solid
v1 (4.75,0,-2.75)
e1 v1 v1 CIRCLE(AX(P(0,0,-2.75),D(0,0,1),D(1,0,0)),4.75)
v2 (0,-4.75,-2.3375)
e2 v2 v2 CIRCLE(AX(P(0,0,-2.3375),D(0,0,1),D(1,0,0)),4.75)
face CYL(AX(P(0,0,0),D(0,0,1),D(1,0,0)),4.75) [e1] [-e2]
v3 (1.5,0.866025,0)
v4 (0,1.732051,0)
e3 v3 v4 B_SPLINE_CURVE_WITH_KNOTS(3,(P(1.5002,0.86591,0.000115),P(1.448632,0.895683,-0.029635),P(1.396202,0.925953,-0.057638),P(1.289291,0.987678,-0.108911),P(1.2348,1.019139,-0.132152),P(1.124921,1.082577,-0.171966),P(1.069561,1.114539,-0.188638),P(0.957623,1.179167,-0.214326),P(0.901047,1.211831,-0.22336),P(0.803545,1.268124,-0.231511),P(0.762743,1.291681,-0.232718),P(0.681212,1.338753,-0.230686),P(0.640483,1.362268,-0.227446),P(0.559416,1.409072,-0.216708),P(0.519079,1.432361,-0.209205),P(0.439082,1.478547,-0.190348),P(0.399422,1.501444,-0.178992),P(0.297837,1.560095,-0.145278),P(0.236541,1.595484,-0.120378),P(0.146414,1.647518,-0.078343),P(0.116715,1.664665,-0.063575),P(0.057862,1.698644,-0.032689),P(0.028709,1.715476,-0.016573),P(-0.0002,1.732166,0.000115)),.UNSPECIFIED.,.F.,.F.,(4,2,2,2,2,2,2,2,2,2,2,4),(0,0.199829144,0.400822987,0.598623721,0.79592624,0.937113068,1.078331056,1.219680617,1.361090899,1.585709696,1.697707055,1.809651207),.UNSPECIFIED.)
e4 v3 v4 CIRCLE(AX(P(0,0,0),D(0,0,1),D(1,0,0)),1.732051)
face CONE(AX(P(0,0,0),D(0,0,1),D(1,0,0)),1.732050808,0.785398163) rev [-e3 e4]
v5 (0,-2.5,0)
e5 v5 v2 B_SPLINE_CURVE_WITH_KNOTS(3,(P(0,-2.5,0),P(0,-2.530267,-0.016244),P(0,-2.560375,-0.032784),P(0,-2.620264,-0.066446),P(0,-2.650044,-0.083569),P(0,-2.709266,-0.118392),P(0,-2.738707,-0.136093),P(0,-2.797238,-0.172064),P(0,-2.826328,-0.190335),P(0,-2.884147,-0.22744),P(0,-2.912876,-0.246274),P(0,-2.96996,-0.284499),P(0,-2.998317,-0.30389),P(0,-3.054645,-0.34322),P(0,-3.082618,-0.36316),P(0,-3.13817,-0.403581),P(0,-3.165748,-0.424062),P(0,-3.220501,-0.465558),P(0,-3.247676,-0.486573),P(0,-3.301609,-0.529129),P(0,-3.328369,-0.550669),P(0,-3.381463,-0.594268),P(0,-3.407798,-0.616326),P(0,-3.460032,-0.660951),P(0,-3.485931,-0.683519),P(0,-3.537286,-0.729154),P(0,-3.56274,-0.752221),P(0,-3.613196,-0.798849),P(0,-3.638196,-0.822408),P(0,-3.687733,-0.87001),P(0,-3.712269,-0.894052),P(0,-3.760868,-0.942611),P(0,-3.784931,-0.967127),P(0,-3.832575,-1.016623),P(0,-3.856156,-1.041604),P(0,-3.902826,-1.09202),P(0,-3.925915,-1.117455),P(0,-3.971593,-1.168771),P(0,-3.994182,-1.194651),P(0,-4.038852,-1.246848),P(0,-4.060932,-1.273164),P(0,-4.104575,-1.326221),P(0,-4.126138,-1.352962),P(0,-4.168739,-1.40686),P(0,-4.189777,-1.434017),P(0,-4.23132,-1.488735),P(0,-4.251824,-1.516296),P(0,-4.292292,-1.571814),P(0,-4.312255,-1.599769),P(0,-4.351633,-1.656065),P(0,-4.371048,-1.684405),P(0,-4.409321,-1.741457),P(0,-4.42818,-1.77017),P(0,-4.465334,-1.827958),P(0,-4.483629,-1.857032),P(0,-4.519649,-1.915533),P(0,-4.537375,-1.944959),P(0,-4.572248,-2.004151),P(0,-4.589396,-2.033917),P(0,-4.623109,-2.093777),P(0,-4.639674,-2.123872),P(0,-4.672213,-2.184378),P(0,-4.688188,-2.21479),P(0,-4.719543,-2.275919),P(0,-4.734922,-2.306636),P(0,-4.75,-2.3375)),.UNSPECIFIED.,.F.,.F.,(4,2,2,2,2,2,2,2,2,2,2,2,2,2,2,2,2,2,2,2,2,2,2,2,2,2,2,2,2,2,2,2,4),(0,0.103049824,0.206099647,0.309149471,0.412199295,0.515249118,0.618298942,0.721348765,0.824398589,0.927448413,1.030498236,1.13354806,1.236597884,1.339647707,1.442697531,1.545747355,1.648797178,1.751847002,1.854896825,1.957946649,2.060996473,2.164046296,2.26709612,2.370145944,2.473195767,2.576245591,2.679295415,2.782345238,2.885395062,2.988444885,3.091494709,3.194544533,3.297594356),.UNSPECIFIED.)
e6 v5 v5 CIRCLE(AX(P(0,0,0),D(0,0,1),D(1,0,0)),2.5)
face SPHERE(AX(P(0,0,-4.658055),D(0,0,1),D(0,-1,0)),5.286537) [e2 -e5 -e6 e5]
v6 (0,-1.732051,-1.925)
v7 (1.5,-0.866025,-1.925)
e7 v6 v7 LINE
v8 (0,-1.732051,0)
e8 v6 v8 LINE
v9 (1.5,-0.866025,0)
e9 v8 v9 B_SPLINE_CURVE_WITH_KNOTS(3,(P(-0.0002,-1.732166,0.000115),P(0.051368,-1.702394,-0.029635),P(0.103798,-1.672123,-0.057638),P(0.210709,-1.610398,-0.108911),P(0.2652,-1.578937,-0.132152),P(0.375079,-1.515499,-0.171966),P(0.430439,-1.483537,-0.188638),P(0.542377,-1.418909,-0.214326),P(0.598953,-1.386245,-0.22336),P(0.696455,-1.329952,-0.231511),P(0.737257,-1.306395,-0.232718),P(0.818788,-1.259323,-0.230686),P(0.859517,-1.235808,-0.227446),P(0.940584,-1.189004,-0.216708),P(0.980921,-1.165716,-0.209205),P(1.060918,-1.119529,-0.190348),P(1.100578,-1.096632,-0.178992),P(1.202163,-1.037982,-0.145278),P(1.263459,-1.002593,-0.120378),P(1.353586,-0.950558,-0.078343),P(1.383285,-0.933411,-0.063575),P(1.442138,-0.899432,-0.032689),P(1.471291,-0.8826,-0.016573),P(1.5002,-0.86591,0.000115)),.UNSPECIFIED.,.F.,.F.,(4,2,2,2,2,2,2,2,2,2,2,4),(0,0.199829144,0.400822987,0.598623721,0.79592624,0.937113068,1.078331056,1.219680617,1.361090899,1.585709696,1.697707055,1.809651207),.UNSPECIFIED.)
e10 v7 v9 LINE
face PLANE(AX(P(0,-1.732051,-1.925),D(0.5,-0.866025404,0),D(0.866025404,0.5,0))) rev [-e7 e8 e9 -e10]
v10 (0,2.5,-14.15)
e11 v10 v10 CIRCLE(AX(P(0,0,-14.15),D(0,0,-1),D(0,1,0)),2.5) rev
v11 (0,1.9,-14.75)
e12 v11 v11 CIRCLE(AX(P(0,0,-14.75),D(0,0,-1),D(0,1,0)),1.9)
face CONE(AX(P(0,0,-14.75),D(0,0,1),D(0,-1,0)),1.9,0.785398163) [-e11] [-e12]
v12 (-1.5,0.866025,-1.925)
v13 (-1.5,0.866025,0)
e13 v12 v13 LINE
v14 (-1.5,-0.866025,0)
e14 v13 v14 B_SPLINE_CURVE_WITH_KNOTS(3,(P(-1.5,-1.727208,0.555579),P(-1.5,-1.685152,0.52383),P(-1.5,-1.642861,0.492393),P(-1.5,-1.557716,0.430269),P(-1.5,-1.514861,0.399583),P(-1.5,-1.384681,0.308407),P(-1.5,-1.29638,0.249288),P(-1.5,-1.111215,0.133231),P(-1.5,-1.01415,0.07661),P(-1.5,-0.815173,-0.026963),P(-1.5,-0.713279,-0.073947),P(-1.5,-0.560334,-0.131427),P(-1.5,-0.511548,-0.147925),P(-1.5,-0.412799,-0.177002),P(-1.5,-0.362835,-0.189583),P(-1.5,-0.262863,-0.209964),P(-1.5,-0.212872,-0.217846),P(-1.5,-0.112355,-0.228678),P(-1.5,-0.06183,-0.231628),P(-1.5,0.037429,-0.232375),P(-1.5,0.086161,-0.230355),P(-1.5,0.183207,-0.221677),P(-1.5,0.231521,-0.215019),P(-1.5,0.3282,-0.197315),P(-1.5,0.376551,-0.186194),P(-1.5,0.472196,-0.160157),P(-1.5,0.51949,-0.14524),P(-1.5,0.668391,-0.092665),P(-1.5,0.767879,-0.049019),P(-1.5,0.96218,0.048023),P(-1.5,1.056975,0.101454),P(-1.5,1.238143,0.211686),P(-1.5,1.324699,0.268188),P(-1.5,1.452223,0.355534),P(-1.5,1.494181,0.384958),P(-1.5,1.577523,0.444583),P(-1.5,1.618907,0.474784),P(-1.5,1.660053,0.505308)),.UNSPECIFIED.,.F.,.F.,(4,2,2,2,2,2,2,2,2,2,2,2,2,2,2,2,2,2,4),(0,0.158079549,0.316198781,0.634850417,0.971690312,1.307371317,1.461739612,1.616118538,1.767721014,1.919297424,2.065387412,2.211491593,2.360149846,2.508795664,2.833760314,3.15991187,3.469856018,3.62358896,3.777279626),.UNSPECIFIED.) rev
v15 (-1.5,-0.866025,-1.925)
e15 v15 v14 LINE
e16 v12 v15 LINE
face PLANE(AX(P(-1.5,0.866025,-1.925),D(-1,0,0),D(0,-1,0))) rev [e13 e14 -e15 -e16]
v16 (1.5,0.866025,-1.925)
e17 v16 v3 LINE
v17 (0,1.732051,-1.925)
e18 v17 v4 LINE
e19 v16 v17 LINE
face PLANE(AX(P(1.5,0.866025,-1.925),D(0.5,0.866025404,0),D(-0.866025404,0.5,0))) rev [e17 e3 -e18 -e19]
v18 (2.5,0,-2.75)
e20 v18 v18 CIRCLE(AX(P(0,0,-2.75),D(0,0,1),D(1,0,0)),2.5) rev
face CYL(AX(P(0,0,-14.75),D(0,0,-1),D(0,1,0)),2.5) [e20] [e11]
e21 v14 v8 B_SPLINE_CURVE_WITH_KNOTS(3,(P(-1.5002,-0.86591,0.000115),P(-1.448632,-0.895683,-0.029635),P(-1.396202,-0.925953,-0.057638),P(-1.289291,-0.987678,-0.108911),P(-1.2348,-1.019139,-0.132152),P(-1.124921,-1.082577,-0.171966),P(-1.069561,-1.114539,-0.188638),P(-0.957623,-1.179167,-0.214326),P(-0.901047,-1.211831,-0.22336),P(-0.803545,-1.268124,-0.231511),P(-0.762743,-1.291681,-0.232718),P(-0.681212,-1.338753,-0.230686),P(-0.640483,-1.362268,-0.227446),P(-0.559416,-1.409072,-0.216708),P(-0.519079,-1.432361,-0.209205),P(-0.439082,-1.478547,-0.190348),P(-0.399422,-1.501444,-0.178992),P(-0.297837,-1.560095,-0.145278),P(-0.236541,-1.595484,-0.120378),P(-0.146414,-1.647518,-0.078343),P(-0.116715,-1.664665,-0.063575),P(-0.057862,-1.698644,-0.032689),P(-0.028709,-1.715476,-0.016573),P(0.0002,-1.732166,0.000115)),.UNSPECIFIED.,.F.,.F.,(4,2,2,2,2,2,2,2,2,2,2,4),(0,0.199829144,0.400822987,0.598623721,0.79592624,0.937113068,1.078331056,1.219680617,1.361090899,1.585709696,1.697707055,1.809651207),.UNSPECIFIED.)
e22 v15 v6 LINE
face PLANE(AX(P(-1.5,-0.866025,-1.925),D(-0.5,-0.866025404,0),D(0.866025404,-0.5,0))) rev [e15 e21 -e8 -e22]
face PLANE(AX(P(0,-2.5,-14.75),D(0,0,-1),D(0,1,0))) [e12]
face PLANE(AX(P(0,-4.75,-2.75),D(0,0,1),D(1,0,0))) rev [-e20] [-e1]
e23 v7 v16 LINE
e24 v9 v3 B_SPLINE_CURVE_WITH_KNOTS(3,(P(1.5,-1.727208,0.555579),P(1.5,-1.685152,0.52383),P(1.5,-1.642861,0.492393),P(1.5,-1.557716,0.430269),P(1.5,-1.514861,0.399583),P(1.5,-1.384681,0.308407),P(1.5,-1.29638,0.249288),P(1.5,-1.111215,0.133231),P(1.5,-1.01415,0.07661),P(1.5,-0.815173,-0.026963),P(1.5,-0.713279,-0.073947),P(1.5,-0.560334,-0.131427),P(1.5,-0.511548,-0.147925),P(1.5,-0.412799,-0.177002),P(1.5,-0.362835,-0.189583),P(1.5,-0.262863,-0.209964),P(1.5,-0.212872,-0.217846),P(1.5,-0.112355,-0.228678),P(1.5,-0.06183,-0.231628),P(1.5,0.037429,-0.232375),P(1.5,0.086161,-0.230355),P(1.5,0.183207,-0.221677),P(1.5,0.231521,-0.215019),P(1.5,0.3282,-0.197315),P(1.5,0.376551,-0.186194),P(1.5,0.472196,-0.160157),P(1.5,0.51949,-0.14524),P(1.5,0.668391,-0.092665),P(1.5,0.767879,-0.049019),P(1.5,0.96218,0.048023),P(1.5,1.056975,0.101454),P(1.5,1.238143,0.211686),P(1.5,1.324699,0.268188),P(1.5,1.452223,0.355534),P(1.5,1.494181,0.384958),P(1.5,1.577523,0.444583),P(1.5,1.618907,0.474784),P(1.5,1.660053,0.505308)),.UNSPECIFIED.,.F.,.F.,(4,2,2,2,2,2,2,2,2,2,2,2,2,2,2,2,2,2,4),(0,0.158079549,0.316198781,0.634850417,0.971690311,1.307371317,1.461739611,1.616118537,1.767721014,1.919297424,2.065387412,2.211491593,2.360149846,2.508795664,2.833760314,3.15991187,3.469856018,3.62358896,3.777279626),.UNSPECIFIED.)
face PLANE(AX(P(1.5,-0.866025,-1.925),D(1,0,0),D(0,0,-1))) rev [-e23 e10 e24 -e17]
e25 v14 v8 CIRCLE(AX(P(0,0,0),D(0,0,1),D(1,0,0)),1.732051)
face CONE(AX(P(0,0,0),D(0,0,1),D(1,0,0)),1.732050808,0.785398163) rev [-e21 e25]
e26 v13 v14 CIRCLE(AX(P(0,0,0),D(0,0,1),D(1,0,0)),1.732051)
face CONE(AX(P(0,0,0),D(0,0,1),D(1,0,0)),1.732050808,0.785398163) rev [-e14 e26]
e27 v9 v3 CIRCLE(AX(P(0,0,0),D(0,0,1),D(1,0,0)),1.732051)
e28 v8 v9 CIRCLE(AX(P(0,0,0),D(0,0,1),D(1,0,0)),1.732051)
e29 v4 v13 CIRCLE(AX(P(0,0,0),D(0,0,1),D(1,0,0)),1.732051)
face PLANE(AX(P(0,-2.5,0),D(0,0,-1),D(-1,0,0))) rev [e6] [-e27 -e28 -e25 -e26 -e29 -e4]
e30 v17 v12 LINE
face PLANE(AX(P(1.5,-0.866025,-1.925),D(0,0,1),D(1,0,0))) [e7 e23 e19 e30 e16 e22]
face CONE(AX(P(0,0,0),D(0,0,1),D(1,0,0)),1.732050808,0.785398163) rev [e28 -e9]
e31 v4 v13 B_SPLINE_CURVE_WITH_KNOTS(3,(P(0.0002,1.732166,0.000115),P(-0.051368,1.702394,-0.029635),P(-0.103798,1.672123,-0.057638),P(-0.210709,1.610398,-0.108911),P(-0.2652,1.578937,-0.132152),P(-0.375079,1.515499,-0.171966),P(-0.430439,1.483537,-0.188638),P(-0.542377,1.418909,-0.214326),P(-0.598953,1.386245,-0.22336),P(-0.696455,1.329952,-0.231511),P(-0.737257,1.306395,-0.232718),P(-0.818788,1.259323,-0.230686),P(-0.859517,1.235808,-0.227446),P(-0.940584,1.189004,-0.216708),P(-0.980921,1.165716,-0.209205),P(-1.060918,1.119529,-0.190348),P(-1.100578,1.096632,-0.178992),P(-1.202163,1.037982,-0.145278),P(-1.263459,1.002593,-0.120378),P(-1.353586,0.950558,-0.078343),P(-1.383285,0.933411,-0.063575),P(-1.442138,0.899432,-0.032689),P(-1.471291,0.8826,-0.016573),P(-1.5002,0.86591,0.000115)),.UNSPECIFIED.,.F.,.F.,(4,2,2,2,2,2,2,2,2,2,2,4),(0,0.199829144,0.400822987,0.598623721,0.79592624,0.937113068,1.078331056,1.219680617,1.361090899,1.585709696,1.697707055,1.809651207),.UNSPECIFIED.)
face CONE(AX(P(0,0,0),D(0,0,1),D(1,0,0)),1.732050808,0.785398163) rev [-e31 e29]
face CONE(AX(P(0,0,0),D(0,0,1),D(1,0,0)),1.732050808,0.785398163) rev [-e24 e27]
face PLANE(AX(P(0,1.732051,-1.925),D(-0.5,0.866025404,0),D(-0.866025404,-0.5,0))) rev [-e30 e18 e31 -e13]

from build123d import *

# Parameters (mm, degrees)
SKETCH1_W          = 12
SKETCH1_H          = 2.5
CHAMFER1_SIZE      = 0.6
CUT_EXTRUDE2_DEPTH = 1.925


with BuildPart() as part:
    # Sketch1 → Revolve1 (revolve)
    with BuildSketch(Plane(origin=(0, 0, 0), x_dir=(0, 0, -1), z_dir=(1, 0, 0))):
        with Locations((8.75, 1.25)):
            Rectangle(SKETCH1_W, SKETCH1_H)
    revolve(axis=Axis((0, 0, -14.75), (0, 0, 1)))

    # Chamfer1
    chamfer1_edges = [part.edges().sort_by_distance(p)[0] for p in [
        (0, -2.5, -14.75),
    ]]
    chamfer(chamfer1_edges, length=CHAMFER1_SIZE)

    # Sketch7 → Revolve2 (revolve)
    with BuildSketch(Plane(origin=(0, 0, 0), x_dir=(0, 0, -1), z_dir=(1, 0, 0))):
        with BuildLine():
            Line((2.3375, 4.75), (2.75, 4.75))
            Line((2.75, 4.75), (2.75, 0))
            Line((2.75, 0), (0, 0))
            Line((0, 0), (0, 2.5))
            ThreePointArc((0, 2.5), (0.991875183, 3.808753282), (2.3375, 4.75))
        make_face()
    revolve(axis=Axis((0, 0, 0), (0, 0, -1)))

    # Sketch5 → Cut-Extrude2 (cut)
    with BuildSketch(Plane.XY):
        Polygon((1.5, -0.866025404), (1.5, 0.866025404), (0, 1.732050808), (-1.5, 0.866025404), (-1.5, -0.866025404), (0, -1.732050808), align=None)
    extrude(amount=-CUT_EXTRUDE2_DEPTH, mode=Mode.SUBTRACT)

    # Cut-Extrude3 cone 1 section (through the dimple's axis) → Cut-Extrude3 (revolve, cut)
    with BuildSketch(Plane(origin=(0, 0, 0), x_dir=(0, -1, 0), z_dir=(1, 0, 0))):
        Polygon((0, 0), (1.732050808, 0), (0, 1.732050808), align=None)
    revolve(axis=Axis((0, 0, 0), (0, 0, -1)), mode=Mode.SUBTRACT)


solid = part.part
